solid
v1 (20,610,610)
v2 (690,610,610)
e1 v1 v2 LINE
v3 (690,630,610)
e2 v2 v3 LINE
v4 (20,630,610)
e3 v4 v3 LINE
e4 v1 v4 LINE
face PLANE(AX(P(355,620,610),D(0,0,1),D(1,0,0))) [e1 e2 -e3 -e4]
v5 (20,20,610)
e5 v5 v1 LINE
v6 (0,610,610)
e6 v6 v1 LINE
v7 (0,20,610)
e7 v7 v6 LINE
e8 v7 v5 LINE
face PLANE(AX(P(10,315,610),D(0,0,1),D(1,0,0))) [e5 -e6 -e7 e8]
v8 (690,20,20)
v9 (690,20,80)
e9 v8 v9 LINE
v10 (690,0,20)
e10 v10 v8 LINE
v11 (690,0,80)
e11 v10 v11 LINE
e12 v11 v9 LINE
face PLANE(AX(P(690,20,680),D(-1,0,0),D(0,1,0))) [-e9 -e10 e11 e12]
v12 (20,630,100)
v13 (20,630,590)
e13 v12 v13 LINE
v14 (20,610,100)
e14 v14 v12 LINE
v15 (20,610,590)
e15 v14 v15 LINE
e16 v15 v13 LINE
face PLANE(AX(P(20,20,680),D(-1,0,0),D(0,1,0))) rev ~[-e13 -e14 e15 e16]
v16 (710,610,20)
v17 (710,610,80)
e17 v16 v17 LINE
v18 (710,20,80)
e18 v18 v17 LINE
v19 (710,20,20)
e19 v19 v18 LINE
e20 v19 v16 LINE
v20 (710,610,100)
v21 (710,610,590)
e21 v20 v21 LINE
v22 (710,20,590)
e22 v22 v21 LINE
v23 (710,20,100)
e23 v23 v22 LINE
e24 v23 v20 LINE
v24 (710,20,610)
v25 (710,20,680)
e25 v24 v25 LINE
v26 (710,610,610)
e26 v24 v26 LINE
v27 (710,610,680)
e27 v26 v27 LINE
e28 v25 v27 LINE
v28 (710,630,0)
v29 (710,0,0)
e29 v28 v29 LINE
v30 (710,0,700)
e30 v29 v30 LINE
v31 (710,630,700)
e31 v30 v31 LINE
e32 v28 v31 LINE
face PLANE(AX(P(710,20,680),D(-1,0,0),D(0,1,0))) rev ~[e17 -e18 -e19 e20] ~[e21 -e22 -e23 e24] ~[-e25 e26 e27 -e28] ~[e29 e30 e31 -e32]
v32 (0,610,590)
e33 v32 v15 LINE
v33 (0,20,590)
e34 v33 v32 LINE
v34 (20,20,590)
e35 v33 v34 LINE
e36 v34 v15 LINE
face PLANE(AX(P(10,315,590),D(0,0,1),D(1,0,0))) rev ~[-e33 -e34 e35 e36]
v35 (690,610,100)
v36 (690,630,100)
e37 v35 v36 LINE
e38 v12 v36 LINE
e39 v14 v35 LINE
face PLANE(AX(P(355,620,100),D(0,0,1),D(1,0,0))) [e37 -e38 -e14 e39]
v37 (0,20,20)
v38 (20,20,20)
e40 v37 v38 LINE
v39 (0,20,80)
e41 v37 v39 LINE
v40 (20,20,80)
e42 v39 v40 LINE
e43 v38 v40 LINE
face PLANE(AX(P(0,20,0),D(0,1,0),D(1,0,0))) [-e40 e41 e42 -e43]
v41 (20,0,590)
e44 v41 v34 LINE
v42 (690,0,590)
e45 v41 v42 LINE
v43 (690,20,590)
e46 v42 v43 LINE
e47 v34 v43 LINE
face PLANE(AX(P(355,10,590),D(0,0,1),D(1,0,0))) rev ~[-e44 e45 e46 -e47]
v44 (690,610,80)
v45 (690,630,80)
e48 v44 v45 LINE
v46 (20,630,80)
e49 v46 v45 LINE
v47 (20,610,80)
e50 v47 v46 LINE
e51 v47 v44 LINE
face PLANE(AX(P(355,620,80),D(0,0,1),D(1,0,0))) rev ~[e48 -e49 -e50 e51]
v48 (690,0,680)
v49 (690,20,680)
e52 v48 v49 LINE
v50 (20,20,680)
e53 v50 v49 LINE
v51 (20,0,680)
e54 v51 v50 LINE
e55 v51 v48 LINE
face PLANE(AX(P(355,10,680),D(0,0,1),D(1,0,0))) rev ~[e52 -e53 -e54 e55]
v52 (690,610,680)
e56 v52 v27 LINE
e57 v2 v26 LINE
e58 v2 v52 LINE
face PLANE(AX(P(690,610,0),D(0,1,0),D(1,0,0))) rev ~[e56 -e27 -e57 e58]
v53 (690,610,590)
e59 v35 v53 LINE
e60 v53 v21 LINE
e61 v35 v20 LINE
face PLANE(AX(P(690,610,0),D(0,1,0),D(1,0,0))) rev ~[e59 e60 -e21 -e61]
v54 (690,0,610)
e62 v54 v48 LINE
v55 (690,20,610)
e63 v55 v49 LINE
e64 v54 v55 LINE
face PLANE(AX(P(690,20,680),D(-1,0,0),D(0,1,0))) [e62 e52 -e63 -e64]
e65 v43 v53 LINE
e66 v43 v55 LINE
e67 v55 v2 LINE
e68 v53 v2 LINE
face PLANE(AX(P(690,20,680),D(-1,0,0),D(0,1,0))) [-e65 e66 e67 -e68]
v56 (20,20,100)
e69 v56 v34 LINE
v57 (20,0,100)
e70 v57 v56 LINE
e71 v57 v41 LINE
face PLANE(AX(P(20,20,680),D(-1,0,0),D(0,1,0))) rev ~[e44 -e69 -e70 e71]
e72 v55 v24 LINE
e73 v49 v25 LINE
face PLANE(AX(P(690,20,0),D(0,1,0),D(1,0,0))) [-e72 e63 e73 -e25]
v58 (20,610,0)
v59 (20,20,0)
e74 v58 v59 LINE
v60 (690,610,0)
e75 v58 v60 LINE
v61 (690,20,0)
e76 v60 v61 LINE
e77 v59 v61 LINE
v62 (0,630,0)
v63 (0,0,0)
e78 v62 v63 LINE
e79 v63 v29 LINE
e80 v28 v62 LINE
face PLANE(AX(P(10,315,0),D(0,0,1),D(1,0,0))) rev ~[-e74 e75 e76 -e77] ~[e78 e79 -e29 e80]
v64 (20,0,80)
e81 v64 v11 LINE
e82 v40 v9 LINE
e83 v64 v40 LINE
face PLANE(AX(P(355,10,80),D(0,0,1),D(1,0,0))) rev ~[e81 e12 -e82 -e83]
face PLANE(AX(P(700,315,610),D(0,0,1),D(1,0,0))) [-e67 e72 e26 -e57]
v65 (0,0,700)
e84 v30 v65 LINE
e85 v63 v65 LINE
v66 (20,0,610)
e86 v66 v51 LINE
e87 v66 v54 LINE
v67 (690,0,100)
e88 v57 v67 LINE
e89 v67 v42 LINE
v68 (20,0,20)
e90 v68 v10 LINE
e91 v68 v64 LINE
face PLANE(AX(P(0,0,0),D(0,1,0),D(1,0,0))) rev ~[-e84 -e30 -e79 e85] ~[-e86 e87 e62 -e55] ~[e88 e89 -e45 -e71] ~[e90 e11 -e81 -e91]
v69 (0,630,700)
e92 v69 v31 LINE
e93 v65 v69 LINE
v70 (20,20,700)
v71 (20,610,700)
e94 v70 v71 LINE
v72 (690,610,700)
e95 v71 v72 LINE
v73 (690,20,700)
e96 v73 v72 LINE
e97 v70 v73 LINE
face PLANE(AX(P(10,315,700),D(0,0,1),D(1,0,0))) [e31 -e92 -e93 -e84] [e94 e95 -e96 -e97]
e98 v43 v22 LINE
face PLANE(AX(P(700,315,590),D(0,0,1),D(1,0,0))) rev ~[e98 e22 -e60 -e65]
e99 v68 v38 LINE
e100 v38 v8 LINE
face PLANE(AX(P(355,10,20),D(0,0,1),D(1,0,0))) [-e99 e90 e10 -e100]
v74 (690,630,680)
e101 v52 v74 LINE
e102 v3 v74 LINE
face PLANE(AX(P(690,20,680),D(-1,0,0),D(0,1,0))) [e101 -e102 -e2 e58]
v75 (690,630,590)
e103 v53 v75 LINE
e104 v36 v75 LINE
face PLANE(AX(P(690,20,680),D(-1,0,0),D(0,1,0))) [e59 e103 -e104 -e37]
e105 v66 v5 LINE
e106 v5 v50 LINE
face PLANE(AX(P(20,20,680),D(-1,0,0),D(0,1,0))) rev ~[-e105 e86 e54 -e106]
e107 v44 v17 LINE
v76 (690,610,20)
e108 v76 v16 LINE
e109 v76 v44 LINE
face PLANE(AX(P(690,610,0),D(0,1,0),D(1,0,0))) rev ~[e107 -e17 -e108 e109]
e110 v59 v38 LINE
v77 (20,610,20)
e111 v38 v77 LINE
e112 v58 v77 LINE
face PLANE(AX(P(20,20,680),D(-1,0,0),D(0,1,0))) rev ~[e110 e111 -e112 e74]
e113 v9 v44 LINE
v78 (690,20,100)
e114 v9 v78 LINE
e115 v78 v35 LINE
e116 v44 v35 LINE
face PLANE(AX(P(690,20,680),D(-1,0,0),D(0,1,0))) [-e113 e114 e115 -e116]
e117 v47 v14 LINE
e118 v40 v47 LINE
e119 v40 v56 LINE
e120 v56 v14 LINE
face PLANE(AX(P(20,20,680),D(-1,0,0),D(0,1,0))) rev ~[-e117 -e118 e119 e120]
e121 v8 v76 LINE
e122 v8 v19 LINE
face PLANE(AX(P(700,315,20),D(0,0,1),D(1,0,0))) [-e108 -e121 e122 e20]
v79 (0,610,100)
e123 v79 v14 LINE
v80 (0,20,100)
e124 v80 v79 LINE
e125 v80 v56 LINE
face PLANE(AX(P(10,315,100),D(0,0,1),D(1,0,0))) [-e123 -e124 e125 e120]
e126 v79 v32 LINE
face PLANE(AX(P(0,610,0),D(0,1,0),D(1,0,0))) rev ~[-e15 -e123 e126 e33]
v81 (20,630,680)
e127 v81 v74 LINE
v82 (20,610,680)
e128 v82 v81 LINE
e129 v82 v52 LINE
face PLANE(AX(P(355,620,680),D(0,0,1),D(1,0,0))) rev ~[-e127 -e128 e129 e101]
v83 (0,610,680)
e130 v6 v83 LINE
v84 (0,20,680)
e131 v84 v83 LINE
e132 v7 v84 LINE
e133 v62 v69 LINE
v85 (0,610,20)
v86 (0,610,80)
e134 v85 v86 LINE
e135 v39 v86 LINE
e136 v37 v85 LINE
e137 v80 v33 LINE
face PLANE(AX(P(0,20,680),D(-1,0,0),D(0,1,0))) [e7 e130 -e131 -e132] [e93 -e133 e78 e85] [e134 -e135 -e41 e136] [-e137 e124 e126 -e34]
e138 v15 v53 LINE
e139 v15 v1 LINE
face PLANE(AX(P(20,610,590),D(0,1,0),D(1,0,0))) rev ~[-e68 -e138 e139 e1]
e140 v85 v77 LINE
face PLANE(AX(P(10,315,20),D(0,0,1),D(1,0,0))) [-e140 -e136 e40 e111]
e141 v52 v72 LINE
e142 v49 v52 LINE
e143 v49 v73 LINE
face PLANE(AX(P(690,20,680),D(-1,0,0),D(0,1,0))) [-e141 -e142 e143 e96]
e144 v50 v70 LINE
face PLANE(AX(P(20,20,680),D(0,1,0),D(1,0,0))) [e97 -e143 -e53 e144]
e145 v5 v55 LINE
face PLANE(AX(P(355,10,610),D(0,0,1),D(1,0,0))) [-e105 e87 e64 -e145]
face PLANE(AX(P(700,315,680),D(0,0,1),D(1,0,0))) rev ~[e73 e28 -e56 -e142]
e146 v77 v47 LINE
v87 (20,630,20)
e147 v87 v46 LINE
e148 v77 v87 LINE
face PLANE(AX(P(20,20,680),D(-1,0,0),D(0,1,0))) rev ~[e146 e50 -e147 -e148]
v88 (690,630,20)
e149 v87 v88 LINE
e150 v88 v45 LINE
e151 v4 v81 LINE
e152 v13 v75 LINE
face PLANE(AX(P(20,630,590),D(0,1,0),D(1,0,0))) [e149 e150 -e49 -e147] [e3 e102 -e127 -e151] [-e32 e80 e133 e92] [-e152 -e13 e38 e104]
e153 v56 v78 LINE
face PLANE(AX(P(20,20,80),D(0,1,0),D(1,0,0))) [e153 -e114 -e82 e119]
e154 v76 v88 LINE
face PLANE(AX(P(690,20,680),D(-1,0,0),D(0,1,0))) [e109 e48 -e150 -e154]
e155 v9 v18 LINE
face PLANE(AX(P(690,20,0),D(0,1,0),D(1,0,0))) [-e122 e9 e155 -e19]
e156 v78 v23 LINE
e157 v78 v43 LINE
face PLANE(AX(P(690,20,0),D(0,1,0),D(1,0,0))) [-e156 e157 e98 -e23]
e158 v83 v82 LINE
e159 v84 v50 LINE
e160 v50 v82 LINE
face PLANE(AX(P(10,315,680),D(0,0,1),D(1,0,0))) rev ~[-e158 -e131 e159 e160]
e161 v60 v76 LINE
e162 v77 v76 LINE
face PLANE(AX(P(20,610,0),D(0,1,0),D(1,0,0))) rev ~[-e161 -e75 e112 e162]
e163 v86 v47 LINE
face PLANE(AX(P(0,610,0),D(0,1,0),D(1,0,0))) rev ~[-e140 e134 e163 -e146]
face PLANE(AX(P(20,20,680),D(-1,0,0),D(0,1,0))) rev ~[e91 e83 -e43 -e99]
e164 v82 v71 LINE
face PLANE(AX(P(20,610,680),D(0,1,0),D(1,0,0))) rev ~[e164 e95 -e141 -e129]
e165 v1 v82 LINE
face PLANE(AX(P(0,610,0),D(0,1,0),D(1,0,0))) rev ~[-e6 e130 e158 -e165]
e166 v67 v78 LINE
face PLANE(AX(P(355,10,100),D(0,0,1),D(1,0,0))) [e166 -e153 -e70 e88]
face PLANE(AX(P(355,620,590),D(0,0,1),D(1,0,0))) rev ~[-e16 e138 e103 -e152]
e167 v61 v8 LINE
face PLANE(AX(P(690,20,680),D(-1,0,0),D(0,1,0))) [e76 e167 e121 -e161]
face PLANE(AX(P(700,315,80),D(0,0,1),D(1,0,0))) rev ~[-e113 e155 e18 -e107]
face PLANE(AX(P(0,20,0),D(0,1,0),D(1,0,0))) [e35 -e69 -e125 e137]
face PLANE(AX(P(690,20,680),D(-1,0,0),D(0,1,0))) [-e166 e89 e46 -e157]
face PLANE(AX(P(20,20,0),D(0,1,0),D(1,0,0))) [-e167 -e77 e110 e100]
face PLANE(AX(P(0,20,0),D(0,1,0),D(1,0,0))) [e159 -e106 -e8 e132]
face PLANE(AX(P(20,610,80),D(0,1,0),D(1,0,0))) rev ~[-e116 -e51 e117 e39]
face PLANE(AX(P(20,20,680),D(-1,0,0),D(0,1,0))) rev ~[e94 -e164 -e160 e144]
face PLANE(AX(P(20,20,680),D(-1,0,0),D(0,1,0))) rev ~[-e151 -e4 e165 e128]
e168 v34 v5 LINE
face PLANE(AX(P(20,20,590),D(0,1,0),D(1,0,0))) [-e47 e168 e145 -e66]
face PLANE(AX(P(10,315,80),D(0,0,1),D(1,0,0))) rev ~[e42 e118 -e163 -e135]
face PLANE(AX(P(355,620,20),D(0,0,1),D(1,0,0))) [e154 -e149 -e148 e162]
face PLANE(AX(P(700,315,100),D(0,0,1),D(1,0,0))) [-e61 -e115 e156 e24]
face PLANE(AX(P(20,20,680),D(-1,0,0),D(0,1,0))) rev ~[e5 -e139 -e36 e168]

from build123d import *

# Parameters (mm, degrees)
BOX001_W         = 20
BOX001_H         = 590
BOX001_DEPTH     = 20
ARRAY001_X_COUNT = 2
ARRAY001_X_PITCH = 690
ARRAY001_Z_COUNT = 2
ARRAY001_Z_PITCH = 80
BOX003_W         = 20
BOX003_H         = 590
BOX003_DEPTH     = 20
ARRAY002_X_COUNT = 2
ARRAY002_X_PITCH = 690
ARRAY002_Z_COUNT = 2
ARRAY002_Z_PITCH = 90
BOX002_W         = 670
BOX002_H         = 20
BOX002_DEPTH     = 20
ARRAY003_Y_COUNT = 2
ARRAY003_Y_PITCH = 610
ARRAY003_Z_COUNT = 2
ARRAY003_Z_PITCH = 80
BOX004_W         = 670
BOX004_H         = 20
BOX004_DEPTH     = 20
ARRAY004_Y_COUNT = 2
ARRAY004_Y_PITCH = 610
ARRAY004_Z_COUNT = 2
ARRAY004_Z_PITCH = 90
BOX_W            = 20
BOX_H            = 20
BOX_DEPTH        = 700
ARRAY_X_COUNT    = 2
ARRAY_X_PITCH    = 690
ARRAY_Y_COUNT    = 2
ARRAY_Y_PITCH    = 610


with BuildPart() as laterales_inferiores:
    # Box001 → Box001 (new body)
    with BuildSketch(Plane(origin=(0, 20, 0), x_dir=(1, 0, 0), z_dir=(0, 0, 1))):
        with Locations((10, 295)):
            Rectangle(BOX001_W, BOX001_H)
    extrude(amount=BOX001_DEPTH)

    # Array001 X: Laterales inferiores ×2


with BuildPart() as laterales_inferiores_1:
    add(laterales_inferiores.part)
    with Locations(*[(i * ARRAY001_X_PITCH, 0, 0) for i in range(1, ARRAY001_X_COUNT)]):
        add(laterales_inferiores.part)

    # Array001 Z: Laterales inferiores ×2


with BuildPart() as laterales_inferiores_2:
    add(laterales_inferiores_1.part)
    with Locations(*[(0, 0, i * ARRAY001_Z_PITCH) for i in range(1, ARRAY001_Z_COUNT)]):
        add(laterales_inferiores_1.part)


with BuildPart() as laterales_superiores:
    # Box003 → Box003 (new body)
    with BuildSketch(Plane(origin=(0, 20, 0), x_dir=(1, 0, 0), z_dir=(0, 0, 1))):
        with Locations((10, 295)):
            Rectangle(BOX003_W, BOX003_H)
    extrude(amount=BOX003_DEPTH)

    # Array002 X: Laterales Superiores ×2


with BuildPart() as laterales_superiores_1:
    add(laterales_superiores.part)
    with Locations(*[(i * ARRAY002_X_PITCH, 0, 0) for i in range(1, ARRAY002_X_COUNT)]):
        add(laterales_superiores.part)

    # Array002 Z: Laterales Superiores ×2


with BuildPart() as laterales_superiores_2:
    add(laterales_superiores_1.part)
    with Locations(*[(0, 0, i * ARRAY002_Z_PITCH) for i in range(1, ARRAY002_Z_COUNT)]):
        add(laterales_superiores_1.part)


with BuildPart() as laterales_superiores_3:
    # Array002 placement: moved
    add(laterales_superiores_2.part.moved(Location((0, 0, 590))))


with BuildPart() as frontales_inferiores:
    # Box002 → Box002 (new body)
    with BuildSketch(Plane(origin=(20, 0, 0), x_dir=(1, 0, 0), z_dir=(0, 0, 1))):
        with Locations((335, 10)):
            Rectangle(BOX002_W, BOX002_H)
    extrude(amount=BOX002_DEPTH)

    # Array003 Y: Frontales inferiores ×2


with BuildPart() as frontales_inferiores_1:
    add(frontales_inferiores.part)
    with Locations(*[(0, i * ARRAY003_Y_PITCH, 0) for i in range(1, ARRAY003_Y_COUNT)]):
        add(frontales_inferiores.part)

    # Array003 Z: Frontales inferiores ×2


with BuildPart() as frontales_inferiores_2:
    add(frontales_inferiores_1.part)
    with Locations(*[(0, 0, i * ARRAY003_Z_PITCH) for i in range(1, ARRAY003_Z_COUNT)]):
        add(frontales_inferiores_1.part)


with BuildPart() as frontales_superiores:
    # Box004 → Box004 (new body)
    with BuildSketch(Plane(origin=(20, 0, 0), x_dir=(1, 0, 0), z_dir=(0, 0, 1))):
        with Locations((335, 10)):
            Rectangle(BOX004_W, BOX004_H)
    extrude(amount=BOX004_DEPTH)

    # Array004 Y: Frontales superiores ×2


with BuildPart() as frontales_superiores_1:
    add(frontales_superiores.part)
    with Locations(*[(0, i * ARRAY004_Y_PITCH, 0) for i in range(1, ARRAY004_Y_COUNT)]):
        add(frontales_superiores.part)

    # Array004 Z: Frontales superiores ×2


with BuildPart() as frontales_superiores_2:
    add(frontales_superiores_1.part)
    with Locations(*[(0, 0, i * ARRAY004_Z_PITCH) for i in range(1, ARRAY004_Z_COUNT)]):
        add(frontales_superiores_1.part)


with BuildPart() as frontales_superiores_3:
    # Array004 placement: moved
    add(frontales_superiores_2.part.moved(Location((0, 0, 590))))


with BuildPart() as estructura_externa:
    # Box → Box (new body)
    with BuildSketch(Plane.XY):
        with Locations((10, 10)):
            Rectangle(BOX_W, BOX_H)
    extrude(amount=BOX_DEPTH)

    # Array X: Estructura externa ×2


with BuildPart() as estructura_externa_1:
    add(estructura_externa.part)
    with Locations(*[(i * ARRAY_X_PITCH, 0, 0) for i in range(1, ARRAY_X_COUNT)]):
        add(estructura_externa.part)

    # Array Y: Estructura externa ×2


with BuildPart() as estructura_externa_2:
    add(estructura_externa_1.part)
    with Locations(*[(0, i * ARRAY_Y_PITCH, 0) for i in range(1, ARRAY_Y_COUNT)]):
        add(estructura_externa_1.part)

    # Fusion: union Laterales inferiores, Laterales Superiores, Frontales inferiores, Frontales superiores
    add(laterales_inferiores_2.part)
    add(laterales_superiores_3.part)
    add(frontales_inferiores_2.part)
    add(frontales_superiores_3.part)


solid = estructura_externa_2.part
